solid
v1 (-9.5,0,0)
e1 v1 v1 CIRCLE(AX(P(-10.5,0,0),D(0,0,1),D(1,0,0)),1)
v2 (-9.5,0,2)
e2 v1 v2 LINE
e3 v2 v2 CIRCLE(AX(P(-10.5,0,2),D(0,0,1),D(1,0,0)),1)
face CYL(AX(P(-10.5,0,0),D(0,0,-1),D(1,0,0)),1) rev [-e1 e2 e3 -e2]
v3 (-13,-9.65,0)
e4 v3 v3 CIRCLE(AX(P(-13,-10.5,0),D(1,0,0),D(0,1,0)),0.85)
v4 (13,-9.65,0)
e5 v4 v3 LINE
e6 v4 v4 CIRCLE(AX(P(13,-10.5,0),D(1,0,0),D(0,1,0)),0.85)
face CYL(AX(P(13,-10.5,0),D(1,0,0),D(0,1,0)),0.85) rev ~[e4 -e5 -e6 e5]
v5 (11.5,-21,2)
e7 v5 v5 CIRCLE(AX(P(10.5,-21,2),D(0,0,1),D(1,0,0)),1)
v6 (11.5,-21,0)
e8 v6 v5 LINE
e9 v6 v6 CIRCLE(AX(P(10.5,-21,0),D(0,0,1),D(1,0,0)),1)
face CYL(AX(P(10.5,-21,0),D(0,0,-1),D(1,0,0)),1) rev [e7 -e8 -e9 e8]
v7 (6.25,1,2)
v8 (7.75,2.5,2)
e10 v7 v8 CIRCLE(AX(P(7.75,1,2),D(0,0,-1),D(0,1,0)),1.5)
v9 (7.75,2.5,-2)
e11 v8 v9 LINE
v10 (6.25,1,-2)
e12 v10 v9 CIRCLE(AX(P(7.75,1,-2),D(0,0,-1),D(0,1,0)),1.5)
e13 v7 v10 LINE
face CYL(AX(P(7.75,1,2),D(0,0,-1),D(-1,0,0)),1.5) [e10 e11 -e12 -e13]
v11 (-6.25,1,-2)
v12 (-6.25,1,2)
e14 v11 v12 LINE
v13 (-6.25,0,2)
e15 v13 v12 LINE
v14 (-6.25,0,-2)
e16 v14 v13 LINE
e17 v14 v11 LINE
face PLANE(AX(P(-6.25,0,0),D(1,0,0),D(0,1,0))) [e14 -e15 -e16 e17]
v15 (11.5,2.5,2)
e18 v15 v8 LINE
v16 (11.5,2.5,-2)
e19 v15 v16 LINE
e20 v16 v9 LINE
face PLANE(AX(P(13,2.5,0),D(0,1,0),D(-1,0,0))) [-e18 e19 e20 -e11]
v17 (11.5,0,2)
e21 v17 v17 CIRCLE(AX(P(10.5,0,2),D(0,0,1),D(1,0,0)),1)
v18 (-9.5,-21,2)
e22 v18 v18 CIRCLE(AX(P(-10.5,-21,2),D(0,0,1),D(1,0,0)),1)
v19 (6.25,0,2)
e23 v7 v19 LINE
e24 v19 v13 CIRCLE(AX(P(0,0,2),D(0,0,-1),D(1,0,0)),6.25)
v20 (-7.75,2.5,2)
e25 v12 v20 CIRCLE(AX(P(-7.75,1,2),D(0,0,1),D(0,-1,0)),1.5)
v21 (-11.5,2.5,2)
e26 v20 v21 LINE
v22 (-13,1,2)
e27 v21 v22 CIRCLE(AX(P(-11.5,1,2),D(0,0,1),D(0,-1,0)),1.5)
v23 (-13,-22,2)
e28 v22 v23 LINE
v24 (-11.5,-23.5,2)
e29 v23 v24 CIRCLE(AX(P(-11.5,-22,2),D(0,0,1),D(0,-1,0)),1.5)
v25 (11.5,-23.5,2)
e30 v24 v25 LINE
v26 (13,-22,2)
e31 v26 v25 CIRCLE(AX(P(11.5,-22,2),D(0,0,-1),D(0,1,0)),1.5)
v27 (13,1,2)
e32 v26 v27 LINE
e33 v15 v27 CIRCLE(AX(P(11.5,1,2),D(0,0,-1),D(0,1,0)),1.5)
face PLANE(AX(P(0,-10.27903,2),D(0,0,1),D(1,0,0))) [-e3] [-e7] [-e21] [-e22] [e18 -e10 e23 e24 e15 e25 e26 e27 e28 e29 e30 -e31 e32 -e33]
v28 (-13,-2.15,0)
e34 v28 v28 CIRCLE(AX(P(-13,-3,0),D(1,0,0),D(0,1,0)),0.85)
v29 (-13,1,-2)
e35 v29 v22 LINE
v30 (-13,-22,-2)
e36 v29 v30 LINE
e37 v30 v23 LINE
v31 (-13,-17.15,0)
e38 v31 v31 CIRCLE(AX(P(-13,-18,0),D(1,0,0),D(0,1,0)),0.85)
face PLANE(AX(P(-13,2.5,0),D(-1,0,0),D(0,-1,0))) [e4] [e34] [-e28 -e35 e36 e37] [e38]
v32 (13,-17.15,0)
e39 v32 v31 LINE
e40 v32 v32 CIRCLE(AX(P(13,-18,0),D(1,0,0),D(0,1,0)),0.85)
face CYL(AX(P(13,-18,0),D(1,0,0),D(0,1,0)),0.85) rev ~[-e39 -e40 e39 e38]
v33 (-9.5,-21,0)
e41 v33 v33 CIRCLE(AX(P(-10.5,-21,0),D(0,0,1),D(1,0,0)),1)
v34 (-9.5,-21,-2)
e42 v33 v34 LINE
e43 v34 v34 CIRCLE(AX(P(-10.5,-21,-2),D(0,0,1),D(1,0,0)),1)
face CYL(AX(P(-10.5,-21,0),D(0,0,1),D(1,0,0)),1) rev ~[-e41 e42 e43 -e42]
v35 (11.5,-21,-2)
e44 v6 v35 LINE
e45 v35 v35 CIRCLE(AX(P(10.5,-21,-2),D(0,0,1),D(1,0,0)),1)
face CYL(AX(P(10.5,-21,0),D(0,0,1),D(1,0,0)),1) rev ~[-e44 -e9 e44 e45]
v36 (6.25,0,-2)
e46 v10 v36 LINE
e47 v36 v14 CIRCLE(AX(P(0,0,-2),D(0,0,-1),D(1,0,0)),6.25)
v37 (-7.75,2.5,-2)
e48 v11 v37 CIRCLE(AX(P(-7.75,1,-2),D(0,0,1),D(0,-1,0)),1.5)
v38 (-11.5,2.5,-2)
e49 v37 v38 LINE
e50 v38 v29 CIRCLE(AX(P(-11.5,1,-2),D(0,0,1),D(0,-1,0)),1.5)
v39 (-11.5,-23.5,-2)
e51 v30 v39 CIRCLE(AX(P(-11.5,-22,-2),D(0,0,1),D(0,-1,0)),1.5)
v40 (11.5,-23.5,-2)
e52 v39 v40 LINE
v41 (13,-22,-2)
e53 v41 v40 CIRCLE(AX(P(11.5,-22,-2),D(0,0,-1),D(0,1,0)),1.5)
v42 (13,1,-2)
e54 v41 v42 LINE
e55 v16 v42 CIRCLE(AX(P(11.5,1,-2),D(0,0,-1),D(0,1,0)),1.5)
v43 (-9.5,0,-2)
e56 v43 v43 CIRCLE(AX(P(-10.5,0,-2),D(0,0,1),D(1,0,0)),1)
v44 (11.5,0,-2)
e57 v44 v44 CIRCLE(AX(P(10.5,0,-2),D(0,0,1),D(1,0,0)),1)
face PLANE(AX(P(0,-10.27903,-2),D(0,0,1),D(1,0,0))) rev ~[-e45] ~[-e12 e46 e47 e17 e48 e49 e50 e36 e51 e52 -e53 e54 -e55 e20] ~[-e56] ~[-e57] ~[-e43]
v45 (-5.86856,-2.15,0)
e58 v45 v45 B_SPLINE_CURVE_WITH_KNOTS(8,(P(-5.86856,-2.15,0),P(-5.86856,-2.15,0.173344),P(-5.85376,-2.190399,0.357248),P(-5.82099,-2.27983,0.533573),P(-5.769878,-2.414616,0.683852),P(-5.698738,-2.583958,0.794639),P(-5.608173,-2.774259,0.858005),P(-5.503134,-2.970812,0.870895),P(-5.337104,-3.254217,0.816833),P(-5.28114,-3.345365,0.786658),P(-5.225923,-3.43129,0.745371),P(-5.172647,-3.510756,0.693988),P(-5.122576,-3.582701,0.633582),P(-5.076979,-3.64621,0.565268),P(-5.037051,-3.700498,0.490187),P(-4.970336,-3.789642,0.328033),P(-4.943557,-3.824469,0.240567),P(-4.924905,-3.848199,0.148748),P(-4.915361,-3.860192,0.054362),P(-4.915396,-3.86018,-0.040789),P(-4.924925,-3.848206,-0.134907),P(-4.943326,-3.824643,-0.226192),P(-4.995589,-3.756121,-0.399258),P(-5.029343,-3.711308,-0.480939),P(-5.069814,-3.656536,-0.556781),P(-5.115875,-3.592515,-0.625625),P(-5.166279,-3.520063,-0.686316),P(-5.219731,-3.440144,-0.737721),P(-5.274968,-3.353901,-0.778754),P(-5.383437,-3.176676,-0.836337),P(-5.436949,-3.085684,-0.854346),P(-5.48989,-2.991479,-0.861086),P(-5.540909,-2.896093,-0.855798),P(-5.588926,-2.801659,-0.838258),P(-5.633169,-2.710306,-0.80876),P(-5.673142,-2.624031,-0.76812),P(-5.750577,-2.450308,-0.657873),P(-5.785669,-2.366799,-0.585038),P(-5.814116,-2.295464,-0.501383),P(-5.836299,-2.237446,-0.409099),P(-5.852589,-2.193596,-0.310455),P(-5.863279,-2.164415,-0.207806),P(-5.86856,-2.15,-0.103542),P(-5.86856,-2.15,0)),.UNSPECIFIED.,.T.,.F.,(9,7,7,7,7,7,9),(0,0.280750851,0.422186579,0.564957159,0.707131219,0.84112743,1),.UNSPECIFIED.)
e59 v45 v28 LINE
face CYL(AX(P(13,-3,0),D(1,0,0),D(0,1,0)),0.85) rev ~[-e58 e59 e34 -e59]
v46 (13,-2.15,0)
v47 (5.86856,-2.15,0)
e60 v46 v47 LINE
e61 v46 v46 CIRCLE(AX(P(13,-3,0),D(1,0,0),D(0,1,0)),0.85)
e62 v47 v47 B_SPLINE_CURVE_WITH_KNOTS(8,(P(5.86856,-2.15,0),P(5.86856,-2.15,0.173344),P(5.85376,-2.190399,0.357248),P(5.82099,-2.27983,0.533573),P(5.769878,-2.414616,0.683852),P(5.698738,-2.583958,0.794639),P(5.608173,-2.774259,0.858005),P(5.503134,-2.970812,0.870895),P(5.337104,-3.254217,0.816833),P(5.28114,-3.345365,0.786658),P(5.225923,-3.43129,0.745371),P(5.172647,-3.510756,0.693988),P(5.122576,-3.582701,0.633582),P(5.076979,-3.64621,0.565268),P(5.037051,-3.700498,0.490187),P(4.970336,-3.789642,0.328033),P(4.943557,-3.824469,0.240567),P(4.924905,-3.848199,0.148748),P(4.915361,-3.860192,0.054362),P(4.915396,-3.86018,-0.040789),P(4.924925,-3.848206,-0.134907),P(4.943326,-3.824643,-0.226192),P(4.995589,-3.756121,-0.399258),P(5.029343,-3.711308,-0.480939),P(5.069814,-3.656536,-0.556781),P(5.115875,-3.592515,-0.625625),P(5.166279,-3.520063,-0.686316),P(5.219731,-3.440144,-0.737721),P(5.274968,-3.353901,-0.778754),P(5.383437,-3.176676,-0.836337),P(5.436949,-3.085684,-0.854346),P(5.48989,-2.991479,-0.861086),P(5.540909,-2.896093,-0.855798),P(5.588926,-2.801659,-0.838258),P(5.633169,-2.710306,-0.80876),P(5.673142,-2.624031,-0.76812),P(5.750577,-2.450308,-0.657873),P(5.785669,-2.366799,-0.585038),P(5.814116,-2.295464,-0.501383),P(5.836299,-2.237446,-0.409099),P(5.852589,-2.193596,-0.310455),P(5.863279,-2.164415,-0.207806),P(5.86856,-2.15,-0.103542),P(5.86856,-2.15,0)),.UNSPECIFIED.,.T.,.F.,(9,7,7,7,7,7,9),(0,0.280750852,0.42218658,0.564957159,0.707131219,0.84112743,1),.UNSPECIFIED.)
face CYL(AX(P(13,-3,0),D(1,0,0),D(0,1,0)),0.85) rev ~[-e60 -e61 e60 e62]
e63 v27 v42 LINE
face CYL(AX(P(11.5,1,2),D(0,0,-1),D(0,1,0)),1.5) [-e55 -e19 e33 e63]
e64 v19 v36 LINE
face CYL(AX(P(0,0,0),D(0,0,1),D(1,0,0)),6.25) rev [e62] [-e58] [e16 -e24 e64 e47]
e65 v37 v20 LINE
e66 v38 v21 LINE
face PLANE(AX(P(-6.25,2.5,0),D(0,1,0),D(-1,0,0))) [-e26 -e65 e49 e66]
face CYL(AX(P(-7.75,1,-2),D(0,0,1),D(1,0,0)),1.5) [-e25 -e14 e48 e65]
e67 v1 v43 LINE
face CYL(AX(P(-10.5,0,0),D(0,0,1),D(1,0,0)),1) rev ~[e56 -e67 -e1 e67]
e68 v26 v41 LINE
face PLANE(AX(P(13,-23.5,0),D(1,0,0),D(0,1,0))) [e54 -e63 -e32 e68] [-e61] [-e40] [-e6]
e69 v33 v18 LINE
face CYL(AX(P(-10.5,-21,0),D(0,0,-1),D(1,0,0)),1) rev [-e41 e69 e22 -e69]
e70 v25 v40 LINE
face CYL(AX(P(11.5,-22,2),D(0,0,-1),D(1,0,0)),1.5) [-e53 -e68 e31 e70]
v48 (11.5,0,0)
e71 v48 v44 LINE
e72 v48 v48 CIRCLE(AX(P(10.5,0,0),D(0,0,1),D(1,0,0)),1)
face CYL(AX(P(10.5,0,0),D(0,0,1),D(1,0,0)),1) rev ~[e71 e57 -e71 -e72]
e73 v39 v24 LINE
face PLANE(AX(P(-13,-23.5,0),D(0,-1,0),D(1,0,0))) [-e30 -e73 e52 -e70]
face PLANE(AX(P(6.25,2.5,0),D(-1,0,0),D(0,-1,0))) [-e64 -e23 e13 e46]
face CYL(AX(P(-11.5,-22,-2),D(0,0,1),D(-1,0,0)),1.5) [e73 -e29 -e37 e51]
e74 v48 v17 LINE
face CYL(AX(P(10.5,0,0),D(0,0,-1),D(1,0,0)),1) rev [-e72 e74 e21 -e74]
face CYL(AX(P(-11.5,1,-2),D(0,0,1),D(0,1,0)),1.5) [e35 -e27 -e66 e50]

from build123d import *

# Parameters (mm, degrees)
F0_R          = 1
F1_DEPTH      = 2
F1_DEPTH_BACK = 2
F3_R          = 0.85
F4_DEPTH      = 26.001
F5_R          = 1.5


with BuildPart() as f1:
    # F0 (on Top) → F1 (new body, two sides)
    with BuildSketch(Plane.XY) as f1_sk:
        with BuildLine():
            ThreePointArc((6.25, 0), (0, -6.25), (-6.25, 0))
            Line((-6.25, 0), (-6.25, 2.5))
            Line((-6.25, 2.5), (-13, 2.5))
            Line((-13, 2.5), (-13, -23.5))
            Line((-13, -23.5), (13, -23.5))
            Line((13, -23.5), (13, 2.5))
            Line((13, 2.5), (6.25, 2.5))
            Line((6.25, 2.5), (6.25, 0))
        make_face()
        with Locations((-10.5, -21)):
            Circle(F0_R, mode=Mode.SUBTRACT)
        with Locations((10.5, -21)):
            Circle(F0_R, mode=Mode.SUBTRACT)
        with Locations((-10.5, 0)):
            Circle(F0_R, mode=Mode.SUBTRACT)
        with Locations((10.5, 0)):
            Circle(F0_R, mode=Mode.SUBTRACT)
    extrude(amount=F1_DEPTH)
    extrude(f1_sk.sketch, amount=-F1_DEPTH_BACK)

    # F3 (on face) → F4 (cut, through all)
    with BuildSketch(Plane.YZ.offset(13)):
        with Locations((-10.5, 0)):
            Circle(F3_R)
        with Locations((-3, 0)):
            Circle(F3_R)
        with Locations((-18, 0)):
            Circle(F3_R)
    extrude(amount=-F4_DEPTH, mode=Mode.SUBTRACT)

    # F5
    f5_edges = [f1.edges().sort_by_distance(p)[0] for p in [
        (-13, 2.5, 0),
        (13, 2.5, 0),
        (6.25, 2.5, 0),
        (-6.25, 2.5, 0),
        (-13, -23.5, 0),
        (13, -23.5, 0),
    ]]
    fillet(f5_edges, radius=F5_R)


solid = f1.part
